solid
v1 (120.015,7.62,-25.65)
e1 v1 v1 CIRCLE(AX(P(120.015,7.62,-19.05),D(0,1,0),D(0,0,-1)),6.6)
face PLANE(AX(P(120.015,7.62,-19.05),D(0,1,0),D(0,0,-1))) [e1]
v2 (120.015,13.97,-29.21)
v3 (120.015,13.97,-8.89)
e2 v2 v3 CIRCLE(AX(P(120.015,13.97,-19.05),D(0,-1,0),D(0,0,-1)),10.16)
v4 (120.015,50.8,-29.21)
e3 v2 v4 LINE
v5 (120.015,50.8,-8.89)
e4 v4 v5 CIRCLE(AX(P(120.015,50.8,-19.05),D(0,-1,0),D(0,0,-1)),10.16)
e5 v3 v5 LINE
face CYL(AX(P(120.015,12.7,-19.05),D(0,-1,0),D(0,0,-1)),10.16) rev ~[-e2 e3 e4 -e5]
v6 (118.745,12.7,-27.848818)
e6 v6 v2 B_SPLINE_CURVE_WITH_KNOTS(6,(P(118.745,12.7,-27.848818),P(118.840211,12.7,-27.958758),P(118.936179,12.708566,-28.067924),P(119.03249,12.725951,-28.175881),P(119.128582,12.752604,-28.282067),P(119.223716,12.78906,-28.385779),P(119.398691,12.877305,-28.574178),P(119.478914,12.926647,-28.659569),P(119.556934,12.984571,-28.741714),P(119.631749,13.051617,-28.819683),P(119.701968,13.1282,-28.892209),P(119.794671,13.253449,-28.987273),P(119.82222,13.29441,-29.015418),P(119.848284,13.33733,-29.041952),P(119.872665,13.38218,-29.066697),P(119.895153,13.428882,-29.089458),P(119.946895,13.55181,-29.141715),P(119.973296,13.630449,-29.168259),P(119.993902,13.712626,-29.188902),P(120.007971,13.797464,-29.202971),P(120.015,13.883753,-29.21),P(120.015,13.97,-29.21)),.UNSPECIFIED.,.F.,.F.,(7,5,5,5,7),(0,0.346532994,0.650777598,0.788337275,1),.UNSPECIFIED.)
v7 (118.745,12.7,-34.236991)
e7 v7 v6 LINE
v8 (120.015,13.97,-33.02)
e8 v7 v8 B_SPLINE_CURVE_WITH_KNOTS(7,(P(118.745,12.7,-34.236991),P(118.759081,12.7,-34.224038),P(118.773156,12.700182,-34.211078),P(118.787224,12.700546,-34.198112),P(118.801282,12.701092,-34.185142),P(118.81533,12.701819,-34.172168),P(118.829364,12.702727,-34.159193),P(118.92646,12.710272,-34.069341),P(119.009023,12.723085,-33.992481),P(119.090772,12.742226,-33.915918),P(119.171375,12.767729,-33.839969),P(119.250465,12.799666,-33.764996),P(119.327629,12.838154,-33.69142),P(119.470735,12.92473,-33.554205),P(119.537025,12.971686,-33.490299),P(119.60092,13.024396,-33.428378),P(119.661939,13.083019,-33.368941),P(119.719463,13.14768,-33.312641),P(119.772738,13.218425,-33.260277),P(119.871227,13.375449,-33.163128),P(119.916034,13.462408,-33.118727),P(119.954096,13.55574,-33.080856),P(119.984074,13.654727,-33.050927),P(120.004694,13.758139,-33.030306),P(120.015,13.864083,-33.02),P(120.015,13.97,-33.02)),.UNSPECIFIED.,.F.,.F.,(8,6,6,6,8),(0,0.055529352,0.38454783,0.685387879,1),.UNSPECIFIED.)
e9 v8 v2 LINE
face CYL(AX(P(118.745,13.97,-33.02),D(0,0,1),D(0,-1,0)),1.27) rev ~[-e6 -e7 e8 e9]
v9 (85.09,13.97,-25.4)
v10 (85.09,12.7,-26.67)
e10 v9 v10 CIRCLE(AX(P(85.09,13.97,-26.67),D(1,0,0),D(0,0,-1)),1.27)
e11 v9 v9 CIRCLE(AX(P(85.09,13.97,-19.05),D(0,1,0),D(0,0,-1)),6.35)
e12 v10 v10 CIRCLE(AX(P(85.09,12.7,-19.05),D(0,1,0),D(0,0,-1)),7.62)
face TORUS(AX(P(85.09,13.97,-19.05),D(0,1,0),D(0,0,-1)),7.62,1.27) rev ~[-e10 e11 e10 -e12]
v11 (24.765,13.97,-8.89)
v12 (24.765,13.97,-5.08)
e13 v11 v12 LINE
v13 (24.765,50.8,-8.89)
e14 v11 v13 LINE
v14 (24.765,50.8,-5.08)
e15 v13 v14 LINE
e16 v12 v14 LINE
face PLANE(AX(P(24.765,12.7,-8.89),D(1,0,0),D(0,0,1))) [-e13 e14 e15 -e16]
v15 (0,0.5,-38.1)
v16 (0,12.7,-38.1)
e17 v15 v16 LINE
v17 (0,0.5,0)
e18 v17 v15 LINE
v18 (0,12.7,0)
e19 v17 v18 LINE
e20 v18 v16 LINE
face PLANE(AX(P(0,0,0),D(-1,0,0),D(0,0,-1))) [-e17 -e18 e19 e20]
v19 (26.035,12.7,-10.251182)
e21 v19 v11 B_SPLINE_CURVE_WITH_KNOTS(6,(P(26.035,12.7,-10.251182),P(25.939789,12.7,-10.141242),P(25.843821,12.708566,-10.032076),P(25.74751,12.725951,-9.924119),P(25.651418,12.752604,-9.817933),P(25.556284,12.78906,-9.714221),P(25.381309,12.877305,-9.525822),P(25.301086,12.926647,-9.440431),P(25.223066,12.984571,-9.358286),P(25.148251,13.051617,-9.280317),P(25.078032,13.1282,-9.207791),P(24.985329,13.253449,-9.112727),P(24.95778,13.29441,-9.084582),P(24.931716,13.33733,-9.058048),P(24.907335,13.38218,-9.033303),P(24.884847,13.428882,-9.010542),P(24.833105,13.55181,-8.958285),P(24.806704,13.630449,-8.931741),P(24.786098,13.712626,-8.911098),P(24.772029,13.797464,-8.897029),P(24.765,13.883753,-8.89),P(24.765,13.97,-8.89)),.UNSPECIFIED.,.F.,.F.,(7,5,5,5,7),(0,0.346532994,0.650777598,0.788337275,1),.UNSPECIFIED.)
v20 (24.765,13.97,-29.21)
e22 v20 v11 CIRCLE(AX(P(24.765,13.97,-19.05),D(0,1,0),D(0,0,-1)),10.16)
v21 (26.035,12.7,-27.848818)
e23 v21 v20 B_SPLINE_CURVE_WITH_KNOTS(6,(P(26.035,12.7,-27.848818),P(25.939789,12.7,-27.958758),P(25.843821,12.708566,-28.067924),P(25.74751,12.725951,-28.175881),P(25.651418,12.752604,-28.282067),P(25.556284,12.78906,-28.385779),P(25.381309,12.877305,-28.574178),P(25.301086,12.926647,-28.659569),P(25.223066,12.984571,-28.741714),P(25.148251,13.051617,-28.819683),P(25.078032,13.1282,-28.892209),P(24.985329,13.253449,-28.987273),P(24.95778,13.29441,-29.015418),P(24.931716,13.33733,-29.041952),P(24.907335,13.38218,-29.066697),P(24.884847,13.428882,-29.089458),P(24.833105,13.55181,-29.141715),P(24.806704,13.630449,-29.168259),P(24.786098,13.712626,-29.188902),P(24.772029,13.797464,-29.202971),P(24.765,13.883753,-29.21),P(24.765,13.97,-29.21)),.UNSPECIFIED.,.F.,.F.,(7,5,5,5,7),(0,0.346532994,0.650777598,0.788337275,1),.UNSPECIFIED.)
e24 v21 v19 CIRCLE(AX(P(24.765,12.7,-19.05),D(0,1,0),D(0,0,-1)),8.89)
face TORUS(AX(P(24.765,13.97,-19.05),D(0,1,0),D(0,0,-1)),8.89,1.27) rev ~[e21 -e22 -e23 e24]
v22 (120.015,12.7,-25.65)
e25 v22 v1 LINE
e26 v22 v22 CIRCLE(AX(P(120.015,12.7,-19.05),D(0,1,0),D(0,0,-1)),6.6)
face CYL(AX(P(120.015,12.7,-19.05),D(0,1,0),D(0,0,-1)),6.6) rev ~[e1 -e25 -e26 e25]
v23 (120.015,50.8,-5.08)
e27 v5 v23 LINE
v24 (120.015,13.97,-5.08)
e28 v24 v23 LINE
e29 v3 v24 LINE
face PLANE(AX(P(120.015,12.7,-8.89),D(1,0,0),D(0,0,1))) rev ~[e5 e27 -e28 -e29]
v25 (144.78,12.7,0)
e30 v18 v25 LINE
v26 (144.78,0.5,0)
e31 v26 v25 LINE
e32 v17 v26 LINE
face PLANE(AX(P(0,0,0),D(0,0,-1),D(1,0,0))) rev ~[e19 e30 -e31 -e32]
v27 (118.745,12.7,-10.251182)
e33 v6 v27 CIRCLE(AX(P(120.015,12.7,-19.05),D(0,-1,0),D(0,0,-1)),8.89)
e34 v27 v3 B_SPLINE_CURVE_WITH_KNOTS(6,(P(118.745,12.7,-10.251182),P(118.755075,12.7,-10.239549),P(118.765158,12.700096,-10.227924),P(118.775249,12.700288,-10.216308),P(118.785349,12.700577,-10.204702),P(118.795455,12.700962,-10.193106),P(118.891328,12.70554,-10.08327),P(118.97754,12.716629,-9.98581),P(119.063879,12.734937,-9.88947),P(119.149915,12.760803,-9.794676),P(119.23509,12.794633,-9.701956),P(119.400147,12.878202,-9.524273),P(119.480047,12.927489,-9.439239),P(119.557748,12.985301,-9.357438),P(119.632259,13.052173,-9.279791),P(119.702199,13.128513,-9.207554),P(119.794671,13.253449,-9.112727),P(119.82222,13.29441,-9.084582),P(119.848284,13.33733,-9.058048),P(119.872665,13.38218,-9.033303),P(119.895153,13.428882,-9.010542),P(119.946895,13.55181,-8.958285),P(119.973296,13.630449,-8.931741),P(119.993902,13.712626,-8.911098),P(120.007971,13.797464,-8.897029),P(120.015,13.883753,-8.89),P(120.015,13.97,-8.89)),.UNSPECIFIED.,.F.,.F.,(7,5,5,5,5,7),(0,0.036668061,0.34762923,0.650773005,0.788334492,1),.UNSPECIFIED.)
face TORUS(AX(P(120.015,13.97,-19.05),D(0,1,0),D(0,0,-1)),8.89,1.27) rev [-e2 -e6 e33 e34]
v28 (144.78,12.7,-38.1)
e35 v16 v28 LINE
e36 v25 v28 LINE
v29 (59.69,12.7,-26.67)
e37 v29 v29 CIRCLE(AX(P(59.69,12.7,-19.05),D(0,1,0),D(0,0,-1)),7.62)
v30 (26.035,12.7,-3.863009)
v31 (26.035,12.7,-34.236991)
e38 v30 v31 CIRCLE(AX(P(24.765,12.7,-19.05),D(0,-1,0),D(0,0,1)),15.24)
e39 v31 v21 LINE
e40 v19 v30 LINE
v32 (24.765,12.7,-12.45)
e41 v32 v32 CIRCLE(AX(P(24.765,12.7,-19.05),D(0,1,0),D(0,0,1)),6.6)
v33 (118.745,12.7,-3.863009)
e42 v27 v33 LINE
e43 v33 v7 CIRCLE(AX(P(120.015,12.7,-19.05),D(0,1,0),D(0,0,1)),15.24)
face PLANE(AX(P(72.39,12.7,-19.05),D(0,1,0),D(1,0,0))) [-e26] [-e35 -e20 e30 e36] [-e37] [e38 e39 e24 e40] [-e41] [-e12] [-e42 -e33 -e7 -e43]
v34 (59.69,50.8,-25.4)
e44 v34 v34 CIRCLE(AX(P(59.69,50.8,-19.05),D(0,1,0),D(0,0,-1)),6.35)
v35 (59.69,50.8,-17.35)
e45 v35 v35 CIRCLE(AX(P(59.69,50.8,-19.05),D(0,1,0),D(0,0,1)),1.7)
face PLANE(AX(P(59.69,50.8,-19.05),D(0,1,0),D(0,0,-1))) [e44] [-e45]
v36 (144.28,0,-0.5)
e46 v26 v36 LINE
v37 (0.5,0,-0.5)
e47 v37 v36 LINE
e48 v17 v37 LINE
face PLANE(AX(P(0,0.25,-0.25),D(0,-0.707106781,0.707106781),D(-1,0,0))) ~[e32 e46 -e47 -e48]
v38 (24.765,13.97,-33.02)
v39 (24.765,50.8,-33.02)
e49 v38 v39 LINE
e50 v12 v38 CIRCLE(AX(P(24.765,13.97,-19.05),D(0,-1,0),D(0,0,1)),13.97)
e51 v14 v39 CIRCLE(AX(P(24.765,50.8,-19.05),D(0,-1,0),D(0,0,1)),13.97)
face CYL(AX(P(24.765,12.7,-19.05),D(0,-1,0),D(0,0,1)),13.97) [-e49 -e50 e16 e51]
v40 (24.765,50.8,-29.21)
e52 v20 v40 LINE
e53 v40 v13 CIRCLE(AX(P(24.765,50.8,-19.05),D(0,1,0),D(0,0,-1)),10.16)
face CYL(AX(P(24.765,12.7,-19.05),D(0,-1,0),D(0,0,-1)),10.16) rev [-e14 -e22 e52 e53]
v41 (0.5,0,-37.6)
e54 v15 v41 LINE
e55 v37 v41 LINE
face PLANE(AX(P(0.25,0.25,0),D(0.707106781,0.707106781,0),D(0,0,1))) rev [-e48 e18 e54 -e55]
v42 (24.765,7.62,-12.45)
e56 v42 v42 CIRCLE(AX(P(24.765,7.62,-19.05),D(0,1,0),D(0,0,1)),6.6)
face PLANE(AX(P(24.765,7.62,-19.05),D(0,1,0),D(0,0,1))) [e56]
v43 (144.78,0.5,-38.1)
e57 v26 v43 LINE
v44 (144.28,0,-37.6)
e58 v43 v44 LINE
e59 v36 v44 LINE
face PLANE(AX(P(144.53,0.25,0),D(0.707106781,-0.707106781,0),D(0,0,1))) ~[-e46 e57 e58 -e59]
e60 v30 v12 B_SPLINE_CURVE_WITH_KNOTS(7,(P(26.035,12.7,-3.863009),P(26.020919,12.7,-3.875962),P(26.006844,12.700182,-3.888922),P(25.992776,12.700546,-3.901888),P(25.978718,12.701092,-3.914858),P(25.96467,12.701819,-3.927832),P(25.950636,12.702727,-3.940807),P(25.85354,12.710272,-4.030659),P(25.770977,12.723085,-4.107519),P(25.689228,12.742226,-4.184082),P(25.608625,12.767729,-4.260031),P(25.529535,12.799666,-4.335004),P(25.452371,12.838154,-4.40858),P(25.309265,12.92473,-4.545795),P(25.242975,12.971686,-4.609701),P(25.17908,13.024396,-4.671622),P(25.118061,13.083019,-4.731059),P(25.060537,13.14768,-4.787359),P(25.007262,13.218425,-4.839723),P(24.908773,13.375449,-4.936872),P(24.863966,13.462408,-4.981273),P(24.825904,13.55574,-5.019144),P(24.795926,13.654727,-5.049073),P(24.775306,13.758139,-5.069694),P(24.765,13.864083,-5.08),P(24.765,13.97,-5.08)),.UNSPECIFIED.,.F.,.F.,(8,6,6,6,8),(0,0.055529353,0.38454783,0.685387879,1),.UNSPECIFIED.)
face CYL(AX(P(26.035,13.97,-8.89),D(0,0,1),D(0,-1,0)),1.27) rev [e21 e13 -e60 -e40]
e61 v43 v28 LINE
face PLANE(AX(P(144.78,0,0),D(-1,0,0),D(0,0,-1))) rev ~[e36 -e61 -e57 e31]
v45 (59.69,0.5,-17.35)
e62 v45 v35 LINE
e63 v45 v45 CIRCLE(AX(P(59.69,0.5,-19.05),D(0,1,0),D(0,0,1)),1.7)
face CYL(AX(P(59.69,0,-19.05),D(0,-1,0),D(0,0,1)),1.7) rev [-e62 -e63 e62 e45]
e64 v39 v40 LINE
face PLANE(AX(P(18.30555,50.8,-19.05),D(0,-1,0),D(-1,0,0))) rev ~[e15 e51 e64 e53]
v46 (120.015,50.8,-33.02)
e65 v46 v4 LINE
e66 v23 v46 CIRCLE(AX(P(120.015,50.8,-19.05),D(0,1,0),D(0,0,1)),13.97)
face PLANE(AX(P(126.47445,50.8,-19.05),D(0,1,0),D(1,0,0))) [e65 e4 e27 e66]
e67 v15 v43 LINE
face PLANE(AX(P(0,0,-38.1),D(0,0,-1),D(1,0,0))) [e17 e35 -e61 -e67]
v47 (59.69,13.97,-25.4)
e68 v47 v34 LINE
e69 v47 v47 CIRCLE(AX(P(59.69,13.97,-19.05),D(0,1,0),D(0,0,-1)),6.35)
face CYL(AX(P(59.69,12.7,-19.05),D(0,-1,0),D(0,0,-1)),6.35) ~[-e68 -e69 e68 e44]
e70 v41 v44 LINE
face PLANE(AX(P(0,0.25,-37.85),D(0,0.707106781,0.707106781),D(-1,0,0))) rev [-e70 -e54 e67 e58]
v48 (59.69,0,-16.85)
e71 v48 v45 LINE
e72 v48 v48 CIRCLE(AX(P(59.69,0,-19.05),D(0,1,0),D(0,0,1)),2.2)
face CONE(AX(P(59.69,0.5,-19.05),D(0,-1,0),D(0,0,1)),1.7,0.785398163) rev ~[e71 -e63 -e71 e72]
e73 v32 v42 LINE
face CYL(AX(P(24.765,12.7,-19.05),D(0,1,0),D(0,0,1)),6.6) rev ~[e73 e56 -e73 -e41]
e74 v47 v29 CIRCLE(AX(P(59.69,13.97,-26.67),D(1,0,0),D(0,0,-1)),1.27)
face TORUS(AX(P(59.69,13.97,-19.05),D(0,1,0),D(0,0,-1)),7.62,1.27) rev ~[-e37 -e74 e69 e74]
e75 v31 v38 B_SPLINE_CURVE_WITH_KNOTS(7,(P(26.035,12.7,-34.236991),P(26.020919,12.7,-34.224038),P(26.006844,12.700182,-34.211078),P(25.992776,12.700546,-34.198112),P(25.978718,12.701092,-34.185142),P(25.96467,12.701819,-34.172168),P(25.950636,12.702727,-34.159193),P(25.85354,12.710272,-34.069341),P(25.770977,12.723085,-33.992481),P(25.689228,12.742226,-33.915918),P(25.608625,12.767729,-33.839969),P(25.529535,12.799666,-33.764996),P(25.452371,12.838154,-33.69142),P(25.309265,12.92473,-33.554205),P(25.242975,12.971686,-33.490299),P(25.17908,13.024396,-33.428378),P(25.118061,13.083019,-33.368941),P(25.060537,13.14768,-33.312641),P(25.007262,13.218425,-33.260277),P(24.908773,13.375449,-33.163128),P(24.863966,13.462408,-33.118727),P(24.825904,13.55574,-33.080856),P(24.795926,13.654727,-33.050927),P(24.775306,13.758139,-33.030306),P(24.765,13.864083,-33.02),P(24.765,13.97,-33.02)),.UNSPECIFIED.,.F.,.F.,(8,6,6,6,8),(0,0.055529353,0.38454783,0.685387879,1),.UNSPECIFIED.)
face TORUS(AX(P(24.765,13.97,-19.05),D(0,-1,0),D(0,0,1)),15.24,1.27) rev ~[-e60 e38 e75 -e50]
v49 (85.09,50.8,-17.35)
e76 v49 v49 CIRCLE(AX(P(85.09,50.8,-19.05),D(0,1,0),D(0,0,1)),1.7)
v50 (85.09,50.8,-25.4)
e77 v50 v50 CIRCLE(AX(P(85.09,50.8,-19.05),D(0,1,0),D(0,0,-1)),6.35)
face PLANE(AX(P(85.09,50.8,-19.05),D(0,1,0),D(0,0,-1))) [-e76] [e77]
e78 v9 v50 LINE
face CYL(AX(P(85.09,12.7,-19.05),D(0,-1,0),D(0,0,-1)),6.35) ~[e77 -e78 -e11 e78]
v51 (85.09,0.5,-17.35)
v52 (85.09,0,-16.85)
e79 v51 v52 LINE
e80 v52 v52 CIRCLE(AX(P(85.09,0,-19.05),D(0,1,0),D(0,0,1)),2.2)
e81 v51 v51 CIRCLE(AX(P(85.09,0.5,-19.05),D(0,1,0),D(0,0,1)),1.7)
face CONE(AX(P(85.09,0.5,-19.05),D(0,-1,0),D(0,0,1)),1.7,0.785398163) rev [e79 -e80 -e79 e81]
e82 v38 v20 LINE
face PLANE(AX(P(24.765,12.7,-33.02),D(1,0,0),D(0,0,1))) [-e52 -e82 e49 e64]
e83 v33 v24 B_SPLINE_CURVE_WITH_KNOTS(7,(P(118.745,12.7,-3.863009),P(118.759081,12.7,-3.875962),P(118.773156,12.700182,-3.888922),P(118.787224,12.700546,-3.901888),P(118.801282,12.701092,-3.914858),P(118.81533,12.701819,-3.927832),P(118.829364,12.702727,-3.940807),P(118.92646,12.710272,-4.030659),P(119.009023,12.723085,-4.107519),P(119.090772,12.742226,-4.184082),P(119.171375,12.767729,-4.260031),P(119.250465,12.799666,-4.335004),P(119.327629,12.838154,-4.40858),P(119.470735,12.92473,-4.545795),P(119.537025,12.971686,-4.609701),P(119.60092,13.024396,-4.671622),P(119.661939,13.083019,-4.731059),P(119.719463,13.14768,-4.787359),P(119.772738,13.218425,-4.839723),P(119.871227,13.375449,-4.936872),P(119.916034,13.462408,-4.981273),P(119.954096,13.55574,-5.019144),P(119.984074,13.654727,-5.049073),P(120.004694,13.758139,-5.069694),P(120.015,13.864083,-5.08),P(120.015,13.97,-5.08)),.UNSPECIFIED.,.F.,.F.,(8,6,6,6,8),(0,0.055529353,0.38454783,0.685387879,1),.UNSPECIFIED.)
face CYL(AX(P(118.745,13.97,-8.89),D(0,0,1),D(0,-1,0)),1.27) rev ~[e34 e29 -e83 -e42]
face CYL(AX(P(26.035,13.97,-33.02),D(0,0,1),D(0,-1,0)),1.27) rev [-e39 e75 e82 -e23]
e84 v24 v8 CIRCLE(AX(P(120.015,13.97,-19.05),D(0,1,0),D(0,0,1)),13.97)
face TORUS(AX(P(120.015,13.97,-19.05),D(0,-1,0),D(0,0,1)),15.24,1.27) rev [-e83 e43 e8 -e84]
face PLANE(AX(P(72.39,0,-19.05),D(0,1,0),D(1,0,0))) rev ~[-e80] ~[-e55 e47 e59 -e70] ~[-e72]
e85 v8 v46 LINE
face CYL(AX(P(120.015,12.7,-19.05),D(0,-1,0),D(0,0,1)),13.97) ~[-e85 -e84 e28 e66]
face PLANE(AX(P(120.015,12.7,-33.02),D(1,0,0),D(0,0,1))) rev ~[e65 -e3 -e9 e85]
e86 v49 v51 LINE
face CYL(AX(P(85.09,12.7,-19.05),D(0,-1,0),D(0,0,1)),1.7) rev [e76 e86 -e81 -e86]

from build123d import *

# Parameters (mm, degrees)
SKETCH1_W           = 144.78
SKETCH1_H           = 38.1
SKETCH1_R           = 1.7
BOSS_EXTRUDE1_DEPTH = 12.7
SKETCH2_R           = 6.6
CUT_EXTRUDE1_DEPTH  = 5.08
SKETCH4_R           = 6.35
SKETCH4_R_2         = 1.7
BOSS_EXTRUDE2_DEPTH = 38.1
FILLET1_R           = 1.27
CHAMFER1_SIZE       = 0.5


with BuildPart() as part:
    # Sketch1 → Boss-Extrude1 (new body)
    with BuildSketch(Plane(origin=(0, 0, 0), x_dir=(1, 0, 0), z_dir=(0, 1, 0))):
        with Locations((72.39, 19.05)):
            Rectangle(SKETCH1_W, SKETCH1_H)
        with Locations(Location((59.69, 19.05, 0), (0, 0, 270))):
            Circle(SKETCH1_R, mode=Mode.SUBTRACT)
        with Locations(Location((85.09, 19.05, 0), (0, 0, 270))):
            Circle(SKETCH1_R, mode=Mode.SUBTRACT)
    extrude(amount=BOSS_EXTRUDE1_DEPTH)

    # Sketch2 → Cut-Extrude1 (cut)
    with BuildSketch(Plane(origin=(0, 12.7, 0), x_dir=(1, 0, 0), z_dir=(0, 1, 0))):
        with Locations(Location((24.765, 19.05, 0), (0, 0, 270))):
            Circle(SKETCH2_R)
        with Locations(Location((120.015, 19.05, 0), (0, 0, 90))):
            Circle(SKETCH2_R)
    extrude(amount=-CUT_EXTRUDE1_DEPTH, mode=Mode.SUBTRACT)

    # Sketch4 → Boss-Extrude2 (add)
    # profile 1 of 4: a face of its own
    with BuildSketch(Plane(origin=(0, 12.7, 0), x_dir=(1, 0, 0), z_dir=(0, 1, 0))):
        with Locations(Location((85.09, 19.05, 0), (0, 0, 90))):
            Circle(SKETCH4_R)
        with Locations(Location((85.09, 19.05, 0), (0, 0, 270))):
            Circle(SKETCH4_R_2, mode=Mode.SUBTRACT)
    # profile 2 of 4: a face of its own
    with BuildSketch(Plane(origin=(0, 12.7, 0), x_dir=(1, 0, 0), z_dir=(0, 1, 0))):
        with Locations(Location((59.69, 19.05, 0), (0, 0, 90))):
            Circle(SKETCH4_R)
        with Locations(Location((59.69, 19.05, 0), (0, 0, 270))):
            Circle(SKETCH4_R_2, mode=Mode.SUBTRACT)
    # profile 3 of 4: a face of its own
    with BuildSketch(Plane(origin=(0, 12.7, 0), x_dir=(1, 0, 0), z_dir=(0, 1, 0))):
        with BuildLine():
            Line((24.765, 33.02), (24.765, 29.21))
            ThreePointArc((24.765, 29.21), (14.605, 19.05), (24.765, 8.89))
            Line((24.765, 8.89), (24.765, 5.08))
            ThreePointArc((24.765, 5.08), (10.795, 19.05), (24.765, 33.02))
        make_face()
    # profile 4 of 4: a face of its own
    with BuildSketch(Plane(origin=(0, 12.7, 0), x_dir=(1, 0, 0), z_dir=(0, 1, 0))):
        with BuildLine():
            Line((120.015, 8.89), (120.015, 5.08))
            ThreePointArc((120.015, 5.08), (133.985, 19.05), (120.015, 33.02))
            Line((120.015, 33.02), (120.015, 29.21))
            ThreePointArc((120.015, 29.21), (130.175, 19.05), (120.015, 8.89))
        make_face()
    extrude(amount=BOSS_EXTRUDE2_DEPTH)

    # Fillet1
    fillet1_edges = [part.edges().sort_by_distance(p)[0] for p in [
        (85.09, 12.7, -12.7),
        (59.69, 12.7, -12.7),
        (14.605, 12.7, -19.05),
        (24.765, 12.7, -31.115),
        (10.795, 12.7, -19.05),
        (24.765, 12.7, -6.985),
        (130.175, 12.7, -19.05),
        (120.015, 12.7, -6.985),
        (133.985, 12.7, -19.05),
        (120.015, 12.7, -31.115),
    ]]
    fillet(fillet1_edges, radius=FILLET1_R)

    # Chamfer1
    chamfer1_edges = [part.edges().sort_by_distance(p)[0] for p in [
        (59.69, 0, -20.75),
        (85.09, 0, -20.75),
        (72.39, 0, -38.1),
        (144.78, 0, -19.05),
        (72.39, 0, 0),
        (0, 0, -19.05),
    ]]
    chamfer(chamfer1_edges, length=CHAMFER1_SIZE)


solid = part.part
